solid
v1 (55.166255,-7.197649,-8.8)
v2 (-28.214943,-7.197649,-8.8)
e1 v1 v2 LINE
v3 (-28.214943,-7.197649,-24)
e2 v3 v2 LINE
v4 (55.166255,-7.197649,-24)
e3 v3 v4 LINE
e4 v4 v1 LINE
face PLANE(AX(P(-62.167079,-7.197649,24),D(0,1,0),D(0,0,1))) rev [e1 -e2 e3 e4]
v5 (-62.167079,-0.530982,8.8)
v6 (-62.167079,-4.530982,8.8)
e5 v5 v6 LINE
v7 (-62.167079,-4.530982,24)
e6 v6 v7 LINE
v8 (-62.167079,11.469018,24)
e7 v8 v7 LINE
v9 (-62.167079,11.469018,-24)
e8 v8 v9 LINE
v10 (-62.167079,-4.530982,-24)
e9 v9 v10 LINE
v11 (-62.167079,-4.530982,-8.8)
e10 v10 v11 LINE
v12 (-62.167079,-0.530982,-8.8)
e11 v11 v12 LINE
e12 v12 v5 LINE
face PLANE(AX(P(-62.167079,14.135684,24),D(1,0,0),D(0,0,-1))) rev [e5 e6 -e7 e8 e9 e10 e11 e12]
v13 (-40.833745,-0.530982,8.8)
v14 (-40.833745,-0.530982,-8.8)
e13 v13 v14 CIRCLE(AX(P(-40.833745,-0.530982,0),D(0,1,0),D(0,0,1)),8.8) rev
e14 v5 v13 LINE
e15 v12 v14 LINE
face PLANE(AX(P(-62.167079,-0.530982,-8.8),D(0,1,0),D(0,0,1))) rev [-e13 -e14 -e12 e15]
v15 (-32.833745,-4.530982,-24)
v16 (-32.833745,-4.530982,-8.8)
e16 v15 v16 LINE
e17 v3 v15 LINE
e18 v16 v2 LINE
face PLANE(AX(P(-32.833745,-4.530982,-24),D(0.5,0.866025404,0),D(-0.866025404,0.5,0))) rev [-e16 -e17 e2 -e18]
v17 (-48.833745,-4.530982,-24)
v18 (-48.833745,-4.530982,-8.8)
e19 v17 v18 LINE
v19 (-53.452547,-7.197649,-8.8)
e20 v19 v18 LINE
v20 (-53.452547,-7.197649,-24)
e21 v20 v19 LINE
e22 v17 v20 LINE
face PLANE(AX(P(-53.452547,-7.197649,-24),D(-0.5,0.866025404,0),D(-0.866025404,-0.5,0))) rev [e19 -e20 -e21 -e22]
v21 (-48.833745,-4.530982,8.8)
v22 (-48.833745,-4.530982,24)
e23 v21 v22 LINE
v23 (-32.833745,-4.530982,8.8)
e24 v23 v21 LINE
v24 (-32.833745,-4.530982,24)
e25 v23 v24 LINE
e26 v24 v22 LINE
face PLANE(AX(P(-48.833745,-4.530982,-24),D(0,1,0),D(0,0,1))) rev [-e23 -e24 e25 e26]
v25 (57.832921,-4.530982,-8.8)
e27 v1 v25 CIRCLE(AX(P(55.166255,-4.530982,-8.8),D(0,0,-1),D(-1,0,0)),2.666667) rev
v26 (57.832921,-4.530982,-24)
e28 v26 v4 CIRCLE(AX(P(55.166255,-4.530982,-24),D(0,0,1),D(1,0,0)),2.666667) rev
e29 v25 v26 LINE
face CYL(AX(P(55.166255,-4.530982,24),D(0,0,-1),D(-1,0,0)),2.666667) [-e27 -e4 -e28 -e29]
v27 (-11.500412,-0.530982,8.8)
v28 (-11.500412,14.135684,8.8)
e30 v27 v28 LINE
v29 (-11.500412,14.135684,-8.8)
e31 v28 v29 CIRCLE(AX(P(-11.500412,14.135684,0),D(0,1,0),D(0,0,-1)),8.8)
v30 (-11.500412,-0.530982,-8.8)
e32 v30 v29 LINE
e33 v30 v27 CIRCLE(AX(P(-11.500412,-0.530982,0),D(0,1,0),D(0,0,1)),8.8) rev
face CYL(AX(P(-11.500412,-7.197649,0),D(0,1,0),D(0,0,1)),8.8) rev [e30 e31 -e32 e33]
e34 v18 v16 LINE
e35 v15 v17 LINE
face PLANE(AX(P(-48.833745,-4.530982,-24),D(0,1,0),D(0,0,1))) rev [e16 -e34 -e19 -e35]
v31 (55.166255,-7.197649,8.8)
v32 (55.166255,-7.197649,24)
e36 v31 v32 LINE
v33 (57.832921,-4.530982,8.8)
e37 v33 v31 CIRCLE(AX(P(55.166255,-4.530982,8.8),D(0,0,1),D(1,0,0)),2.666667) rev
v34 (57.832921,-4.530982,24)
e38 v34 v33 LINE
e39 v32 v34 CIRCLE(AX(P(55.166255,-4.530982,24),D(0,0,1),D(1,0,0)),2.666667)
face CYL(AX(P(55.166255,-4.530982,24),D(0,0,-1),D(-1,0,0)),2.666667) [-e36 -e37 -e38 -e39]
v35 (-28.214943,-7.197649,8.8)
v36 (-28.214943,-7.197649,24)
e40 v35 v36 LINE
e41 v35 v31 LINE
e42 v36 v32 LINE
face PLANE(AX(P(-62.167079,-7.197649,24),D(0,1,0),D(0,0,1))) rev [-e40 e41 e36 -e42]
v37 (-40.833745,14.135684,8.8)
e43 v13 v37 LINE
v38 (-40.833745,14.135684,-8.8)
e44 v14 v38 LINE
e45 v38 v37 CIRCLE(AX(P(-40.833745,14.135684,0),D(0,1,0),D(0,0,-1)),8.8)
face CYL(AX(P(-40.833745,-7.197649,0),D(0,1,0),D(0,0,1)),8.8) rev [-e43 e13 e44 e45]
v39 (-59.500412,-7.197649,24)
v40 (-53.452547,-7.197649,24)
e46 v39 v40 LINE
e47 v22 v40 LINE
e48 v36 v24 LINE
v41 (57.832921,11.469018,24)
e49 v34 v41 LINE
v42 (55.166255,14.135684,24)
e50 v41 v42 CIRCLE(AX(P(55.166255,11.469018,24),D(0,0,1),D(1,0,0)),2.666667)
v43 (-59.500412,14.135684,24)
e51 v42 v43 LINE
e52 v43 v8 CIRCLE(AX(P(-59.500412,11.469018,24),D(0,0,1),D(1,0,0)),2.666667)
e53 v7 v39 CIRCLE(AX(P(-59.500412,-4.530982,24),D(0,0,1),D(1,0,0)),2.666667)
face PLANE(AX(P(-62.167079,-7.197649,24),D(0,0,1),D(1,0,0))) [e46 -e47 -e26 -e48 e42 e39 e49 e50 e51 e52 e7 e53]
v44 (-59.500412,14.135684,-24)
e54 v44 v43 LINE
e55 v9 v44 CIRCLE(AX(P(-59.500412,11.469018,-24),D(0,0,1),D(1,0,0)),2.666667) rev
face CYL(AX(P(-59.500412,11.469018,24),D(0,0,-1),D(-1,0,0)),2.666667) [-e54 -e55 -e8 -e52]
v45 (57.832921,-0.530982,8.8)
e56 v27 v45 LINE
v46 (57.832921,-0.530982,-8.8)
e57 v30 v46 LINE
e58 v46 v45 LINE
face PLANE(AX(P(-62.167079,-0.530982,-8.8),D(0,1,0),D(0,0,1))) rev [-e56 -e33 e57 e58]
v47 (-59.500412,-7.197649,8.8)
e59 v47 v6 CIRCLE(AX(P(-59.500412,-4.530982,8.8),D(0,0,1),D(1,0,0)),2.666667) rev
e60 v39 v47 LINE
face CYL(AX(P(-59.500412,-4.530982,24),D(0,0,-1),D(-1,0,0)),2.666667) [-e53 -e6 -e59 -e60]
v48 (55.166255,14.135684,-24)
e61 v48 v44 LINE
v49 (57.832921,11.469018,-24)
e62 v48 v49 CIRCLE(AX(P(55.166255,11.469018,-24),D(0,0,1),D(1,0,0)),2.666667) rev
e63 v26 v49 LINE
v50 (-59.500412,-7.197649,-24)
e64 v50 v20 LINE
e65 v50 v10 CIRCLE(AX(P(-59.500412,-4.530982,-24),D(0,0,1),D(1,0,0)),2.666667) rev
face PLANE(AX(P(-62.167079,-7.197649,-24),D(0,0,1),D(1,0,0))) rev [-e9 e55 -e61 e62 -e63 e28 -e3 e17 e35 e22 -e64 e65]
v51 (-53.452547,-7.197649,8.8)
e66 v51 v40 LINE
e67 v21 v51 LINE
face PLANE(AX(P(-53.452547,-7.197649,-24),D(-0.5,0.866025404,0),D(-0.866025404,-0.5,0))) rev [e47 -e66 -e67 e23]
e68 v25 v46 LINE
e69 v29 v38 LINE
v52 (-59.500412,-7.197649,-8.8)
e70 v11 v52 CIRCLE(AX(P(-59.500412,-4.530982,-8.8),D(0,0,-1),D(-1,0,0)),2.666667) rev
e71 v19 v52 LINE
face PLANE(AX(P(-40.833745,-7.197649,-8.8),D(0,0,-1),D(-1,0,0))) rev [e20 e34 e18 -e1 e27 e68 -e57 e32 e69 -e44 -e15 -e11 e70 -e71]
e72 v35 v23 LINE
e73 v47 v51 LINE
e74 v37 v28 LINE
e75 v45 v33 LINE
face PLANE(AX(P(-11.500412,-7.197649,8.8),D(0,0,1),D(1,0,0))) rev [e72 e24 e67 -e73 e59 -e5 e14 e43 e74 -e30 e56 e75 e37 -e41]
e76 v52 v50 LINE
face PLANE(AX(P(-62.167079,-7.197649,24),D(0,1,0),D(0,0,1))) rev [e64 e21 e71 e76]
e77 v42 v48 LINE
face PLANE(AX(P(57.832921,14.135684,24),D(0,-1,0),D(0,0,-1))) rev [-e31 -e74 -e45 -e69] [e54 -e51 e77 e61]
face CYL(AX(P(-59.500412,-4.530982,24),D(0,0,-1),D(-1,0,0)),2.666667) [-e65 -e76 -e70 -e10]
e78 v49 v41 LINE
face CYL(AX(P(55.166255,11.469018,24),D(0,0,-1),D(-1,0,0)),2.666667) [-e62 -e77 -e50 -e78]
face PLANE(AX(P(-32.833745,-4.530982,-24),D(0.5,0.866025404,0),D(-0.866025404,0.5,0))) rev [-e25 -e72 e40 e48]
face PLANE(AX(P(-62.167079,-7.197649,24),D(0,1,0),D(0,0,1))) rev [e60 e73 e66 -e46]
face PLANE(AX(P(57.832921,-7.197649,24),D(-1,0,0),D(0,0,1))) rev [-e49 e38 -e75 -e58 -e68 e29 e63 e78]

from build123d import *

# Parameters (mm, degrees)
SKETCH_1_W          = 45
SKETCH_1_H          = 8
EXTRUDE_1_DEPTH     = 9
CUT_EXTRUDE_1_DEPTH = 26.51960031
SKETCH_4_W          = 6.6
SKETCH_4_H          = 2.5
CUT_EXTRUDE_2_DEPTH = 47.583258795
CUT_EXTRUDE_3_DEPTH = 30.904013109
FILLET_1_R          = 1
SCALE_1_SCALE       = 2.666666667


with BuildPart() as part:
    # 草图1 → 凸台-拉伸1 (new, symmetric)
    with BuildSketch(Plane.XY):
        with Locations((0, 4)):
            Rectangle(SKETCH_1_W, SKETCH_1_H)
    extrude(amount=EXTRUDE_1_DEPTH, both=True)

    # 草图2 → 切除-拉伸1 (cut, through all)
    with BuildSketch(Plane(origin=(0, 8, 0), x_dir=(1, 0, 0), z_dir=(0, 1, 0))):
        with BuildLine():
            Line((-14.5, 3.3), (-3.5, 3.3))
            ThreePointArc((-3.5, 3.3), (-0.2, 0), (-3.5, -3.3))
            Line((-3.5, -3.3), (-14.5, -3.3))
            ThreePointArc((-14.5, -3.3), (-17.8, 0), (-14.5, 3.3))
        make_face()
    extrude(amount=-CUT_EXTRUDE_1_DEPTH, mode=Mode.SUBTRACT)

    # 草图4 → 切除-拉伸2 (cut, through all)
    with BuildSketch(Plane(origin=(22.5, 0, 0), x_dir=(0, 0, -1), z_dir=(1, 0, 0))):
        with Locations((0, 1.25)):
            Rectangle(SKETCH_4_W, SKETCH_4_H)
    extrude(amount=-CUT_EXTRUDE_2_DEPTH, mode=Mode.SUBTRACT)

    # 草图5 → 切除-拉伸3 (cut, through all)
    with BuildSketch(Plane.XY.offset(9)):
        Polygon((-17.5, 1), (-11.5, 1), (-9.767949192, 0), (-19.232050808, 0), align=None)
    extrude(amount=-CUT_EXTRUDE_3_DEPTH, mode=Mode.SUBTRACT)

    # 圆角1
    fillet_1_edges = [part.edges().sort_by_distance(p)[0] for p in [
        (22.5, 0, -6.15),
        (-22.5, 0, -6.15),
        (-22.5, 8, 0),
        (22.5, 8, 0),
        (22.5, 0, 6.15),
        (-22.5, 0, 6.15),
    ]]
    fillet(fillet_1_edges, radius=FILLET_1_R)


with BuildPart() as part_1:
    # 缩放比例1: scaled about (1.300247122, 4.318589473, 0)
    add(part.part.scale(SCALE_1_SCALE).moved(Location((-2.167078537, -7.197649122, 0))))


solid = part_1.part
